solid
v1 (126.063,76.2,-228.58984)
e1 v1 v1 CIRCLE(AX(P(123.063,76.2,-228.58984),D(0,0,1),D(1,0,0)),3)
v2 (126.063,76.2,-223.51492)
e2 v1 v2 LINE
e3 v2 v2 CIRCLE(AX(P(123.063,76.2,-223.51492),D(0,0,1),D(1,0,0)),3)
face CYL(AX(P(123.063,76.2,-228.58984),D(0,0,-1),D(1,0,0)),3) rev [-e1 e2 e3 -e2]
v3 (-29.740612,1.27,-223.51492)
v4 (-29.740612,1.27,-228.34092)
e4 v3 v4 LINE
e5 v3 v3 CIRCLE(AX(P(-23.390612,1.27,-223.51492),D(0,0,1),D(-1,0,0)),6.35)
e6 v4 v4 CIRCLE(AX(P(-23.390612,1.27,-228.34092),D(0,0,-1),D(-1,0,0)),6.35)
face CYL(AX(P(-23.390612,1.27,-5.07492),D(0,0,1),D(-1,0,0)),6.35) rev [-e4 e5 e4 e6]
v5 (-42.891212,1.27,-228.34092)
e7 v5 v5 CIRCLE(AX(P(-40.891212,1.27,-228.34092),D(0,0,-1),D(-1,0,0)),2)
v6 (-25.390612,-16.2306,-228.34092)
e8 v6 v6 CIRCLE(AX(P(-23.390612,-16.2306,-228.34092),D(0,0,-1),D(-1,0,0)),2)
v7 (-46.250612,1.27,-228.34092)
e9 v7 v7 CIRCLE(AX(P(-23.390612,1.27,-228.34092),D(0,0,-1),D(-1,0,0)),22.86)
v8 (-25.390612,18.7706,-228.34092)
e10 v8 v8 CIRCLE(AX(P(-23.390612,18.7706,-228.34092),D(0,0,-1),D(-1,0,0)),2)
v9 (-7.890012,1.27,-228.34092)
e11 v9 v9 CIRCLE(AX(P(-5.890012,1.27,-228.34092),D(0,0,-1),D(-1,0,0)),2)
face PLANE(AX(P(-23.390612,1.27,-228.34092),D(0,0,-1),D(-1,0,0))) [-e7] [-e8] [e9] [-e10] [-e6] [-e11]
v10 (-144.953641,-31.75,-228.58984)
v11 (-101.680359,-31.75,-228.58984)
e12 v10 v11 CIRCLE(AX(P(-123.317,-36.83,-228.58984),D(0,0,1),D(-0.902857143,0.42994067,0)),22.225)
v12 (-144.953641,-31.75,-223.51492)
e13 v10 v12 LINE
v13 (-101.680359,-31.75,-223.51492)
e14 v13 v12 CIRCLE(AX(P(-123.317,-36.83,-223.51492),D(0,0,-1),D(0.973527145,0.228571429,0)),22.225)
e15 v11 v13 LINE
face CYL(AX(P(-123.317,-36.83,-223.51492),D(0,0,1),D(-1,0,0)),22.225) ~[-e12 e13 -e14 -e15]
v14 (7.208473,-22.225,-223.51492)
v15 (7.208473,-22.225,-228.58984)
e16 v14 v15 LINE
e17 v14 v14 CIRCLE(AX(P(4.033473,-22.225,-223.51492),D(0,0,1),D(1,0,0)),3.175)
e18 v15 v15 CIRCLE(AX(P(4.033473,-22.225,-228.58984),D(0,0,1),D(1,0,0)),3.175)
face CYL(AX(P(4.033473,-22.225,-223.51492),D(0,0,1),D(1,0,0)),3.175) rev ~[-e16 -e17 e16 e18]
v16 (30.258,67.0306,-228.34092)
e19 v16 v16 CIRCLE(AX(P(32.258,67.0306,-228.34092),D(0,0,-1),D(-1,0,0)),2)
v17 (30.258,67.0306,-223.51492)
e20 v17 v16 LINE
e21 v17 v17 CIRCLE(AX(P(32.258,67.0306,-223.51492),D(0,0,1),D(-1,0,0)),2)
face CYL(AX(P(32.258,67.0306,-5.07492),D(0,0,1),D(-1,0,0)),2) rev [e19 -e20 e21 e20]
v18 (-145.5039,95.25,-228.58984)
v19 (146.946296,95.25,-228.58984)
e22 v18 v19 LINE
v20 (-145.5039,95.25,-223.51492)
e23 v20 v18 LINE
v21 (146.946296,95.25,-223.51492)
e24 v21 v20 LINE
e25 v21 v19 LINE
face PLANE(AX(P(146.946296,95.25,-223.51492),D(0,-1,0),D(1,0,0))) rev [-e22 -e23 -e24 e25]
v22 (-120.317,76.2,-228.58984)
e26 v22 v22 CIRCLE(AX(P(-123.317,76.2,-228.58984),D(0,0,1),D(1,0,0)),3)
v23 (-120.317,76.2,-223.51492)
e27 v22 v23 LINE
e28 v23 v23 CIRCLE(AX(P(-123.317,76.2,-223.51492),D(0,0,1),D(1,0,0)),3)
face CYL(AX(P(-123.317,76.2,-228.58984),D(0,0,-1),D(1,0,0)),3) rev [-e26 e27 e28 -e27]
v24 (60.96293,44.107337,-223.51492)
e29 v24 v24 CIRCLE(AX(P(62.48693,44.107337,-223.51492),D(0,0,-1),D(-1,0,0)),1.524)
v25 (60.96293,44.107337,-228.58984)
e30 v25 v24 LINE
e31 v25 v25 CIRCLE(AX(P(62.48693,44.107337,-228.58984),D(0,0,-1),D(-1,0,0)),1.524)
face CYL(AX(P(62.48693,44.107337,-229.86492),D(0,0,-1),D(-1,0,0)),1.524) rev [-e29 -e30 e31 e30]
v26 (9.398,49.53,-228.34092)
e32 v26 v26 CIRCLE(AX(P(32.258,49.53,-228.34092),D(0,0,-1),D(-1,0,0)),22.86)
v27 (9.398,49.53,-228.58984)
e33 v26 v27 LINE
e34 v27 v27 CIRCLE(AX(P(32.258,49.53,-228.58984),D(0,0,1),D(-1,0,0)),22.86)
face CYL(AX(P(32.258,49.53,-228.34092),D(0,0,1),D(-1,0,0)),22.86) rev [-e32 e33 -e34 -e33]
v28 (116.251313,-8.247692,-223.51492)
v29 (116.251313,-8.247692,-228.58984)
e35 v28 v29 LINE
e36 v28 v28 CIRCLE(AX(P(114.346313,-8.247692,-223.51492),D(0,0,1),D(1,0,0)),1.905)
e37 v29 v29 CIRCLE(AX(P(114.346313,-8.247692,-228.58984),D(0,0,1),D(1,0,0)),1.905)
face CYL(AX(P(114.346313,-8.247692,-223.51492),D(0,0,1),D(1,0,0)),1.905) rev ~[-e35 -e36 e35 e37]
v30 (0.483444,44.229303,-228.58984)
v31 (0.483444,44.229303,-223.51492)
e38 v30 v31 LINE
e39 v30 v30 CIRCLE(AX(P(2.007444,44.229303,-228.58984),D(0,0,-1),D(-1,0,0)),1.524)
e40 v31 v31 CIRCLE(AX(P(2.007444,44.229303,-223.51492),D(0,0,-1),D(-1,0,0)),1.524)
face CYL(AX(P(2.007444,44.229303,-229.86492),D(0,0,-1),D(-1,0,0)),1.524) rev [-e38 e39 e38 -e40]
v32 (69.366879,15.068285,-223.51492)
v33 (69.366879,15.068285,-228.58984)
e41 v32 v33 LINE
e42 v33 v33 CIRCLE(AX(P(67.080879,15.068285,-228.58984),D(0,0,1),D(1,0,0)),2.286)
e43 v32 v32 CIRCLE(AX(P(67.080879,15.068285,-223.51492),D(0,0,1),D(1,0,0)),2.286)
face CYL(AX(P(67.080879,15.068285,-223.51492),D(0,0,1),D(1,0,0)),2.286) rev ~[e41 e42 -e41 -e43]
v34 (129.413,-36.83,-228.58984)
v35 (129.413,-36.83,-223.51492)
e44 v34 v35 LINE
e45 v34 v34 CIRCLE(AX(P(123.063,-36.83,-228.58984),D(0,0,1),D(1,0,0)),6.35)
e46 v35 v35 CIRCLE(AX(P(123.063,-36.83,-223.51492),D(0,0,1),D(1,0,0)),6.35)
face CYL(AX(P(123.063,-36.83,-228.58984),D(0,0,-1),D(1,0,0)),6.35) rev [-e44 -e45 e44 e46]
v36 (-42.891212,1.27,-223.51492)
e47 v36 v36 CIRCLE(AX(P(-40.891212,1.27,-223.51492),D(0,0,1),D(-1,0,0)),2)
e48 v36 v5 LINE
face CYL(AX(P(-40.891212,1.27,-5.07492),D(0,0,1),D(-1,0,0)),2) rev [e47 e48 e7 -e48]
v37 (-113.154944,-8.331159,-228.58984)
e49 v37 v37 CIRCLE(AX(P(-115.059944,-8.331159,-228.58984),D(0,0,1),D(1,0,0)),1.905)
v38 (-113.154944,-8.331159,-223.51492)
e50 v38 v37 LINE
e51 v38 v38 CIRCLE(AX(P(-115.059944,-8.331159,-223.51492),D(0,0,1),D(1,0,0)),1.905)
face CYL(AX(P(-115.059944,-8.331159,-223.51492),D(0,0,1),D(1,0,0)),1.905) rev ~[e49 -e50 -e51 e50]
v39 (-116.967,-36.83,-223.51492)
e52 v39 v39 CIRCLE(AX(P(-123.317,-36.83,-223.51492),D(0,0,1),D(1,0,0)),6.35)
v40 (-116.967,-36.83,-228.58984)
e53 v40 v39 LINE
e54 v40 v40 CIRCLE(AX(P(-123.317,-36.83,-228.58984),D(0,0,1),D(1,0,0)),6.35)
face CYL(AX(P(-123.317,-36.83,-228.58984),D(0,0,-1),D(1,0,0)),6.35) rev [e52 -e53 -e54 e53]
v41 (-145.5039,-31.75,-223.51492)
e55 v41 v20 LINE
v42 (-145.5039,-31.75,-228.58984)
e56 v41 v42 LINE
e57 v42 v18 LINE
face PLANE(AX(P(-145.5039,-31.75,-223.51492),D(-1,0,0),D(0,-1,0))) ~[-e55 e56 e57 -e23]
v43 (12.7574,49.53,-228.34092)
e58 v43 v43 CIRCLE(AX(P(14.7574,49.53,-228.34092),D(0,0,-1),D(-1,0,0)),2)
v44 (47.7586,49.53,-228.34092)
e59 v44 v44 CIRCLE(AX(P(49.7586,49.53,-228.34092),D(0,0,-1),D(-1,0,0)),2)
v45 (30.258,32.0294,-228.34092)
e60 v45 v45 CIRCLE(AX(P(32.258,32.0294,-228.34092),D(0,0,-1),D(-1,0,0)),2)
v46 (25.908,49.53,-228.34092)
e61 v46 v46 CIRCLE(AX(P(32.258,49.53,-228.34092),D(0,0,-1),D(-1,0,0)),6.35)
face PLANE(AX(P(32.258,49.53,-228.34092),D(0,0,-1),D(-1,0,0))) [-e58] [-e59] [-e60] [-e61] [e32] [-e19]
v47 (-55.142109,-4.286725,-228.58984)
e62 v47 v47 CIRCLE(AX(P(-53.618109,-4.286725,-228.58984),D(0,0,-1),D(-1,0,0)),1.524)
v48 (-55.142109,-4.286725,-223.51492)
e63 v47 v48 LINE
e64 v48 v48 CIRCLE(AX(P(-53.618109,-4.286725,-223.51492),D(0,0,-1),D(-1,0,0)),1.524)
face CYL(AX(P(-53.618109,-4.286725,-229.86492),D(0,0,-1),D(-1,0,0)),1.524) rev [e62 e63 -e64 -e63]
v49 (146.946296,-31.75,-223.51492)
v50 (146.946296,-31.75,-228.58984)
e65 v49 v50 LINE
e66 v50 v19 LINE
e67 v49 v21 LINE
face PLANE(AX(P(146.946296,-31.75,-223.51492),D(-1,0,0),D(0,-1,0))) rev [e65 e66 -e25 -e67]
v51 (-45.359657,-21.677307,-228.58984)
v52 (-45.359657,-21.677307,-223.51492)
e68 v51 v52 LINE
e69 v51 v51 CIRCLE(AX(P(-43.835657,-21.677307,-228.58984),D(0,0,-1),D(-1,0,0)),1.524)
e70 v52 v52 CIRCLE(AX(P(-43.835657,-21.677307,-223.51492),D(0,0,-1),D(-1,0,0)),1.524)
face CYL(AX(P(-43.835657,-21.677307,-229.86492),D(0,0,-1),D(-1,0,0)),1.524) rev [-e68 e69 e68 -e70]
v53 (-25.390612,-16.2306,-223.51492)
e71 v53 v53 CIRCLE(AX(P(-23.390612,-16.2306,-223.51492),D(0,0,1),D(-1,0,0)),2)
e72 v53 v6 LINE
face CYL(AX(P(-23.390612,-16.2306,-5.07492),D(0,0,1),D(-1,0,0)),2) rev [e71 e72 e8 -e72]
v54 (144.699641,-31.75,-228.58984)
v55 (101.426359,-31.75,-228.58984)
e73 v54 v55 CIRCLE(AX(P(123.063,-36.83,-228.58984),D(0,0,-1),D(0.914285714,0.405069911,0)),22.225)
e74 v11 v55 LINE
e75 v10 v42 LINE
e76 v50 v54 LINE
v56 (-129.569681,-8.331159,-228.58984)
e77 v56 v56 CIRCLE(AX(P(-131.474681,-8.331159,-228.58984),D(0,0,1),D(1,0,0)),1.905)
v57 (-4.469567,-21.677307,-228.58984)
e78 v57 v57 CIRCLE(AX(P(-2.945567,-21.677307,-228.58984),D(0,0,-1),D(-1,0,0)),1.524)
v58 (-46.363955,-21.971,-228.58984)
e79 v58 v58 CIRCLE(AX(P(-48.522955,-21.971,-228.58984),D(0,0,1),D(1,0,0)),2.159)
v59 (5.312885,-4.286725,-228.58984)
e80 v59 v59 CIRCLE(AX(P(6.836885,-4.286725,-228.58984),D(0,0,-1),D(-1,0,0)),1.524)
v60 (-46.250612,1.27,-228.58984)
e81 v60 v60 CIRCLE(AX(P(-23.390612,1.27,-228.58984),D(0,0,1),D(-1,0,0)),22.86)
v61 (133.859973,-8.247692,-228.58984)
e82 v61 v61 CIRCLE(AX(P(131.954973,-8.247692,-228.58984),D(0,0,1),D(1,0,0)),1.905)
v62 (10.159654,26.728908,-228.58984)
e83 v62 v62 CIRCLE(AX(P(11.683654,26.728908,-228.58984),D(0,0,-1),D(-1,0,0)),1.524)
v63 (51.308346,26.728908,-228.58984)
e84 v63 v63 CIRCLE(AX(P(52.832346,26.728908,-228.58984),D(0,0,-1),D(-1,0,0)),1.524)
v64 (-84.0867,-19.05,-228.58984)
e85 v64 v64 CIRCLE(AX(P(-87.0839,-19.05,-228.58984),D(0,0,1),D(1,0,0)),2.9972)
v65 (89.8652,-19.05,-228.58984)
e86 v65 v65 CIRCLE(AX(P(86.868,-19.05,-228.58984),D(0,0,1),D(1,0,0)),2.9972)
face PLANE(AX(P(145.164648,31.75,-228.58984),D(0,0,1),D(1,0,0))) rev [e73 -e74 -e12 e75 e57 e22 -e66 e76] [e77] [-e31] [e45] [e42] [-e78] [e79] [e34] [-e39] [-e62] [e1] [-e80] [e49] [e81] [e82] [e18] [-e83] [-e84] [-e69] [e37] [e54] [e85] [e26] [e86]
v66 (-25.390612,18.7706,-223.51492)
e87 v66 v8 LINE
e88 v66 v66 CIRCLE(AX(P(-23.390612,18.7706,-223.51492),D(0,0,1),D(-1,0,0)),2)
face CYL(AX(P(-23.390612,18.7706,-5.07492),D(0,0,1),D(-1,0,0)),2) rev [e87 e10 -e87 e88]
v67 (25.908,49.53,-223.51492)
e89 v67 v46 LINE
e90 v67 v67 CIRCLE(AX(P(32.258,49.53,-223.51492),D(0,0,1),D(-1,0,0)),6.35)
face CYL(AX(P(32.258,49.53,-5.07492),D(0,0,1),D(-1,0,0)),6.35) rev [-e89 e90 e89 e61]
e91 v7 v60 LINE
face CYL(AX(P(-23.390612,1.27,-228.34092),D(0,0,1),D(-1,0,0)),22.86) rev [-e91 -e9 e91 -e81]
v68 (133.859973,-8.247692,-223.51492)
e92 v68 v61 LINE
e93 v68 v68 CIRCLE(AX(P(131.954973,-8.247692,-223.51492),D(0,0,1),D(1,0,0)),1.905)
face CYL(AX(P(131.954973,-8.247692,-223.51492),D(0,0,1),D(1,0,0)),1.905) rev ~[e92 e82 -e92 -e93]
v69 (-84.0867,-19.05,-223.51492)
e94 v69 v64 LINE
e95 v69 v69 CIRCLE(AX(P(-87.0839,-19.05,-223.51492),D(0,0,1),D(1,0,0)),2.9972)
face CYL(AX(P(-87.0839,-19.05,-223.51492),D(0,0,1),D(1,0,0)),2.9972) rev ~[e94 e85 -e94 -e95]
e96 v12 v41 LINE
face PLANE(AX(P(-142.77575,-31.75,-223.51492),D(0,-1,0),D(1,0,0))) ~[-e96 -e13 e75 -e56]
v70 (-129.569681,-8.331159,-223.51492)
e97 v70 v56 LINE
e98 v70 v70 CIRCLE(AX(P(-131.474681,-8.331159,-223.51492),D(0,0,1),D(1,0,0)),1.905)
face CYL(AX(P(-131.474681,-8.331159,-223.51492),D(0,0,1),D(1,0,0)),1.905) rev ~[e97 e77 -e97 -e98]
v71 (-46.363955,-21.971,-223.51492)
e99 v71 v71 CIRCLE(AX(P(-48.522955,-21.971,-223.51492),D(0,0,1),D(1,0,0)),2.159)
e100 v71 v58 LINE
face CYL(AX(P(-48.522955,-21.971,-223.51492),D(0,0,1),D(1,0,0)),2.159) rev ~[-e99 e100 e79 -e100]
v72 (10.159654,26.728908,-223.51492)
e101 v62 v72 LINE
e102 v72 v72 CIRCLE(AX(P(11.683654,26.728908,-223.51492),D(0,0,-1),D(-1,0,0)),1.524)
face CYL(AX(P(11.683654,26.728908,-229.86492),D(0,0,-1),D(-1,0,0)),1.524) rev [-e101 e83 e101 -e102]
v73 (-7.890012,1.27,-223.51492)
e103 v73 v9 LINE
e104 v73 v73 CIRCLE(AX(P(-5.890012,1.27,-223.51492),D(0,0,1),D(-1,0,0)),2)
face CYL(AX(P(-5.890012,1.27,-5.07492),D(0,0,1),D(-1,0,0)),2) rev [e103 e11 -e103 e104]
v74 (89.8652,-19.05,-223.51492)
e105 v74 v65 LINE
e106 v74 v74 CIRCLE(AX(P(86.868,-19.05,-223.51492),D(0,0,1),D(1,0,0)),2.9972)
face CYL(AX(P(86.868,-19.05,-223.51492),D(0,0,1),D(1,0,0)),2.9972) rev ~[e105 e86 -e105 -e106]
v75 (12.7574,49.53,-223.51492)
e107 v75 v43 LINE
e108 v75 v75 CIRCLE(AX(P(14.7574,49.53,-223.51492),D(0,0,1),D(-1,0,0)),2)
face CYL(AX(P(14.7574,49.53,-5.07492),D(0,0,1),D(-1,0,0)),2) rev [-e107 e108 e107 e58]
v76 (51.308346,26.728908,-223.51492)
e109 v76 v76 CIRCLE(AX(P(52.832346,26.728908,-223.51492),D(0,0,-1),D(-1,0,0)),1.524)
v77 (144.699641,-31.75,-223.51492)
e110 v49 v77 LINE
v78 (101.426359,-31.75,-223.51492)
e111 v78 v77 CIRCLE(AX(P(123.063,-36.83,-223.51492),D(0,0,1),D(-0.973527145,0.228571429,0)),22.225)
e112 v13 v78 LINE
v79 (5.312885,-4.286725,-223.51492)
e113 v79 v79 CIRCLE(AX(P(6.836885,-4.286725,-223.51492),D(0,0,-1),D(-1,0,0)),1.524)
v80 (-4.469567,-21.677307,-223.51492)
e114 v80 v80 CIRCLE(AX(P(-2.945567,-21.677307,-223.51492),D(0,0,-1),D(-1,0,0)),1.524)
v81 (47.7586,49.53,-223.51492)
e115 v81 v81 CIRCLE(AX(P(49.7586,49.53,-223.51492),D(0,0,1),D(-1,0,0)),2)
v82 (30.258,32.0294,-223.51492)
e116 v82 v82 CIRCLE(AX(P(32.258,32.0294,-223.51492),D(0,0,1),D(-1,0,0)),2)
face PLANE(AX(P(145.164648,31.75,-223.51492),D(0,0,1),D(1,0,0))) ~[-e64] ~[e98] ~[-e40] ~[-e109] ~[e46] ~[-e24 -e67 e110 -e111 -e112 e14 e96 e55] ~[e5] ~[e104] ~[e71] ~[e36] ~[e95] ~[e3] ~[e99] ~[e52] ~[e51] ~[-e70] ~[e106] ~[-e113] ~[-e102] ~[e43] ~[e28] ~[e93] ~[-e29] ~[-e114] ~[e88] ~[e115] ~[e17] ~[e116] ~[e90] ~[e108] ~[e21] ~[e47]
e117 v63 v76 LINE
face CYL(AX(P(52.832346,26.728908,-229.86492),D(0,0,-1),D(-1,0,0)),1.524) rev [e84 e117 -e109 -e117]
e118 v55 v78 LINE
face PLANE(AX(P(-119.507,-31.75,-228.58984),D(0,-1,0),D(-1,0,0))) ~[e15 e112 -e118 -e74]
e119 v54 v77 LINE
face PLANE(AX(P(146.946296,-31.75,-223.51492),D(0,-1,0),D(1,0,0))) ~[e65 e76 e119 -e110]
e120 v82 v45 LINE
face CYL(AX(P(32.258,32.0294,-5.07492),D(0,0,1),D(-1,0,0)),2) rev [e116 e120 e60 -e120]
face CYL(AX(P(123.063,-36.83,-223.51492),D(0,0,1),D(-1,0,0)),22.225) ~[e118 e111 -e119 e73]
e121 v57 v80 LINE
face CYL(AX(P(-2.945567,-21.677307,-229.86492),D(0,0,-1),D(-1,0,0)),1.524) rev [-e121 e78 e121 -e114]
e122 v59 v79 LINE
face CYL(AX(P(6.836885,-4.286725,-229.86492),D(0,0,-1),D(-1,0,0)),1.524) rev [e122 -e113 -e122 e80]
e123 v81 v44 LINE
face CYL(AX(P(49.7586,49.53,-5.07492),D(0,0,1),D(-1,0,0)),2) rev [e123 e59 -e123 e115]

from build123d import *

# Parameters (mm, degrees)
BOSS_EXTRUDE1_DEPTH      = 5.07492
SKETCH6_R                = 22.225
BOSS_EXTRUDE3_DEPTH      = 5.07492
SKETCH2_3_R              = 6.35
CUT_EXTRUDE2_DEPTH       = 5.588
SKETCH8_W                = 2.728150378
SKETCH8_H                = 127
BOSS_EXTRUDE4_DEPTH      = 5.07492
SKETCH9_W                = 3.563296166
SKETCH9_H                = 127
BOSS_EXTRUDE5_DEPTH      = 5.07492
SKETCH12_R               = 3
CUT_EXTRUDE3_DEPTH       = 400.05
SKETCH13_3_R             = 2
CUT_EXTRUDE10_DEPTH      = 1549.4
SKETCH15_R               = 2.9972
CUT_EXTRUDE11_DEPTH      = 1549.4
SKETCH13_4_R             = 6.35
CUT_EXTRUDE12_DEPTH      = 1549.4
CUT_EXTRUDE13_START      = 223.266
SKETCH13_R               = 22.86
SKETCH13_R_2             = 2
SKETCH13_R_3             = 6.35
CUT_EXTRUDE13_DEPTH      = 1549.4
CUT_EXTRUDE14_DEPTH      = 2.54
CUT_EXTRUDE14_DEPTH_BACK = 6.35
SKETCH16_R               = 1.524
SKETCH17_R               = 1.905
CUT_EXTRUDE15_DEPTH      = 6.35
SKETCH18_R               = 2.159
SKETCH18_R_2             = 3.175
SKETCH18_R_3             = 2.286
CUT_EXTRUDE16_DEPTH      = 6.35


with BuildPart() as part:
    # Sketch2 → Boss-Extrude1 (new body)
    with BuildSketch(Plane.XY):
        with BuildLine():
            Line((-143.383, -31.75), (-127.127, -31.75))
            ThreePointArc((-127.127, -31.75), (-123.317, -30.48), (-119.507, -31.75))
            Line((-119.507, -31.75), (119.253, -31.75))
            ThreePointArc((119.253, -31.75), (123.063, -30.48), (126.873, -31.75))
            Line((126.873, -31.75), (143.383, -31.75))
            Line((143.383, -31.75), (143.383, 95.25))
            Line((143.383, 95.25), (-143.383, 95.25))
            Line((-143.383, 95.25), (-143.383, -31.75))
        make_face()
    extrude(amount=-BOSS_EXTRUDE1_DEPTH)

    # Sketch6 → Boss-Extrude3 (add)
    with BuildSketch(Plane(origin=(0, 0, -5.07492), x_dir=(-1, 0, 0), z_dir=(0, 0, -1))):
        with Locations((-123.063, -36.83)):
            Circle(SKETCH6_R)
        with Locations((123.317, -36.83)):
            Circle(SKETCH6_R)
    extrude(amount=-BOSS_EXTRUDE3_DEPTH)

    # Sketch2<3> → Cut-Extrude2 (cut)
    with BuildSketch(Plane.XY):
        with Locations((-123.317, -36.83)):
            Circle(SKETCH2_3_R)
        with Locations((123.063, -36.83)):
            Circle(SKETCH2_3_R)
    extrude(amount=-CUT_EXTRUDE2_DEPTH, mode=Mode.SUBTRACT)

    # Sketch8 → Boss-Extrude4 (add)
    with BuildSketch(Plane(origin=(0, 0, -5.07492), x_dir=(-1, 0, 0), z_dir=(0, 0, -1))):
        with Locations((144.139824811, 31.75)):
            Rectangle(SKETCH8_W, SKETCH8_H)
    extrude(amount=-BOSS_EXTRUDE4_DEPTH)

    # Sketch9 → Boss-Extrude5 (add)
    with BuildSketch(Plane(origin=(0, 0, -5.07492), x_dir=(-1, 0, 0), z_dir=(0, 0, -1))):
        with Locations((-145.164648083, 31.75)):
            Rectangle(SKETCH9_W, SKETCH9_H)
    extrude(amount=-BOSS_EXTRUDE5_DEPTH)

    # Sketch12 → Cut-Extrude3 (cut)
    with BuildSketch(Plane.XY):
        with Locations((-123.317, 76.2)):
            Circle(SKETCH12_R)
        with Locations((123.063, 76.2)):
            Circle(SKETCH12_R)
    extrude(amount=-CUT_EXTRUDE3_DEPTH, mode=Mode.SUBTRACT)


with BuildPart() as body_2:
    # Mirror1: mirrored copy
    add(part.part.mirror(Plane(origin=(0, 0, -114.29492), x_dir=(1, 0, 0), z_dir=(0, 0, -1))))

    # Sketch13<3> → Cut-Extrude10 (cut)
    with BuildSketch(Plane(origin=(0, 0, -5.07492), x_dir=(-1, 0, 0), z_dir=(0, 0, -1))):
        with Locations((-32.258, 67.0306)):
            Circle(SKETCH13_3_R)
        with Locations((-14.7574, 49.53)):
            Circle(SKETCH13_3_R)
        with Locations((-32.258, 32.0294)):
            Circle(SKETCH13_3_R)
        with Locations((-49.7586, 49.53)):
            Circle(SKETCH13_3_R)
        with Locations((23.390611843, 18.7706)):
            Circle(SKETCH13_3_R)
        with Locations((40.891211843, 1.27)):
            Circle(SKETCH13_3_R)
        with Locations((23.390611843, -16.2306)):
            Circle(SKETCH13_3_R)
        with Locations((5.890011843, 1.27)):
            Circle(SKETCH13_3_R)
    extrude(amount=CUT_EXTRUDE10_DEPTH, mode=Mode.SUBTRACT)

    # Sketch15 → Cut-Extrude11 (cut)
    with BuildSketch(Plane.XY.offset(-223.51492)):
        with Locations((-87.0839, -19.05)):
            Circle(SKETCH15_R)
        with Locations((86.868, -19.05)):
            Circle(SKETCH15_R)
    extrude(amount=-CUT_EXTRUDE11_DEPTH, mode=Mode.SUBTRACT)

    # Sketch13<4> → Cut-Extrude12 (cut)
    with BuildSketch(Plane(origin=(0, 0, -5.07492), x_dir=(-1, 0, 0), z_dir=(0, 0, -1))):
        with Locations((-32.258, 49.53)):
            Circle(SKETCH13_4_R)
        with Locations((23.390611843, 1.27)):
            Circle(SKETCH13_4_R)
    extrude(amount=CUT_EXTRUDE12_DEPTH, mode=Mode.SUBTRACT)

    # Sketch13 → Cut-Extrude13 (cut)
    # profile 1 of 2: a face of its own
    with BuildSketch(Plane(origin=(0, 0, -5.07492), x_dir=(-1, 0, 0), z_dir=(0, 0, -1)).offset(CUT_EXTRUDE13_START)):
        with Locations((23.390611843, 1.27)):
            Circle(SKETCH13_R)
        with Locations((23.390611843, 18.7706)):
            Circle(SKETCH13_R_2, mode=Mode.SUBTRACT)
        with Locations((40.891211843, 1.27)):
            Circle(SKETCH13_R_2, mode=Mode.SUBTRACT)
        with Locations((23.390611843, -16.2306)):
            Circle(SKETCH13_R_2, mode=Mode.SUBTRACT)
        with Locations((5.890011843, 1.27)):
            Circle(SKETCH13_R_2, mode=Mode.SUBTRACT)
        with Locations((23.390611843, 1.27)):
            Circle(SKETCH13_R_3, mode=Mode.SUBTRACT)
    # profile 2 of 2: a face of its own
    with BuildSketch(Plane(origin=(0, 0, -5.07492), x_dir=(-1, 0, 0), z_dir=(0, 0, -1)).offset(CUT_EXTRUDE13_START)):
        with Locations((-32.258, 49.53)):
            Circle(SKETCH13_R)
        with Locations((-32.258, 67.0306)):
            Circle(SKETCH13_R_2, mode=Mode.SUBTRACT)
        with Locations((-14.7574, 49.53)):
            Circle(SKETCH13_R_2, mode=Mode.SUBTRACT)
        with Locations((-32.258, 32.0294)):
            Circle(SKETCH13_R_2, mode=Mode.SUBTRACT)
        with Locations((-49.7586, 49.53)):
            Circle(SKETCH13_R_2, mode=Mode.SUBTRACT)
        with Locations((-32.258, 49.53)):
            Circle(SKETCH13_R_3, mode=Mode.SUBTRACT)
    extrude(amount=CUT_EXTRUDE13_DEPTH, mode=Mode.SUBTRACT)

    # Sketch16 → Cut-Extrude14 (cut, two sides: drawn at the far end of the back side and taken through both)
    with BuildSketch(Plane.XY.offset(-223.51492).offset(-CUT_EXTRUDE14_DEPTH_BACK)):
        with Locations((-53.618108667, -4.286724908)):
            Circle(SKETCH16_R)
        with Locations((6.836884982, -4.286724908)):
            Circle(SKETCH16_R)
        with Locations((-43.83565651, -21.677307131)):
            Circle(SKETCH16_R)
        with Locations((-2.945567175, -21.677307131)):
            Circle(SKETCH16_R)
        with Locations((2.007444266, 44.229302642)):
            Circle(SKETCH16_R)
        with Locations((62.486930452, 44.107336595)):
            Circle(SKETCH16_R)
        with Locations((11.683653899, 26.728907983)):
            Circle(SKETCH16_R)
        with Locations((52.832346101, 26.728907983)):
            Circle(SKETCH16_R)
    extrude(amount=CUT_EXTRUDE14_DEPTH + CUT_EXTRUDE14_DEPTH_BACK, mode=Mode.SUBTRACT)

    # Sketch17 → Cut-Extrude15 (cut)
    with BuildSketch(Plane.XY.offset(-223.51492)):
        with Locations((-131.474681475, -8.33115872)):
            Circle(SKETCH17_R)
        with Locations((-115.059944142, -8.33115872)):
            Circle(SKETCH17_R)
        with Locations((-123.317, -35.561808249)):
            Circle(SKETCH17_R)
        with Locations((123.063, -35.433)):
            Circle(SKETCH17_R)
        with Locations((114.346312611, -8.247692484)):
            Circle(SKETCH17_R)
        with Locations((131.954972652, -8.247692484)):
            Circle(SKETCH17_R)
    extrude(amount=-CUT_EXTRUDE15_DEPTH, mode=Mode.SUBTRACT)

    # Sketch18 → Cut-Extrude16 (cut)
    with BuildSketch(Plane.XY.offset(-223.51492)):
        with Locations((-48.522954976, -21.971)):
            Circle(SKETCH18_R)
        with Locations((4.033472896, -22.225)):
            Circle(SKETCH18_R_2)
        with Locations((67.080879188, 15.068285327)):
            Circle(SKETCH18_R_3)
    extrude(amount=-CUT_EXTRUDE16_DEPTH, mode=Mode.SUBTRACT)


solid = body_2.part
